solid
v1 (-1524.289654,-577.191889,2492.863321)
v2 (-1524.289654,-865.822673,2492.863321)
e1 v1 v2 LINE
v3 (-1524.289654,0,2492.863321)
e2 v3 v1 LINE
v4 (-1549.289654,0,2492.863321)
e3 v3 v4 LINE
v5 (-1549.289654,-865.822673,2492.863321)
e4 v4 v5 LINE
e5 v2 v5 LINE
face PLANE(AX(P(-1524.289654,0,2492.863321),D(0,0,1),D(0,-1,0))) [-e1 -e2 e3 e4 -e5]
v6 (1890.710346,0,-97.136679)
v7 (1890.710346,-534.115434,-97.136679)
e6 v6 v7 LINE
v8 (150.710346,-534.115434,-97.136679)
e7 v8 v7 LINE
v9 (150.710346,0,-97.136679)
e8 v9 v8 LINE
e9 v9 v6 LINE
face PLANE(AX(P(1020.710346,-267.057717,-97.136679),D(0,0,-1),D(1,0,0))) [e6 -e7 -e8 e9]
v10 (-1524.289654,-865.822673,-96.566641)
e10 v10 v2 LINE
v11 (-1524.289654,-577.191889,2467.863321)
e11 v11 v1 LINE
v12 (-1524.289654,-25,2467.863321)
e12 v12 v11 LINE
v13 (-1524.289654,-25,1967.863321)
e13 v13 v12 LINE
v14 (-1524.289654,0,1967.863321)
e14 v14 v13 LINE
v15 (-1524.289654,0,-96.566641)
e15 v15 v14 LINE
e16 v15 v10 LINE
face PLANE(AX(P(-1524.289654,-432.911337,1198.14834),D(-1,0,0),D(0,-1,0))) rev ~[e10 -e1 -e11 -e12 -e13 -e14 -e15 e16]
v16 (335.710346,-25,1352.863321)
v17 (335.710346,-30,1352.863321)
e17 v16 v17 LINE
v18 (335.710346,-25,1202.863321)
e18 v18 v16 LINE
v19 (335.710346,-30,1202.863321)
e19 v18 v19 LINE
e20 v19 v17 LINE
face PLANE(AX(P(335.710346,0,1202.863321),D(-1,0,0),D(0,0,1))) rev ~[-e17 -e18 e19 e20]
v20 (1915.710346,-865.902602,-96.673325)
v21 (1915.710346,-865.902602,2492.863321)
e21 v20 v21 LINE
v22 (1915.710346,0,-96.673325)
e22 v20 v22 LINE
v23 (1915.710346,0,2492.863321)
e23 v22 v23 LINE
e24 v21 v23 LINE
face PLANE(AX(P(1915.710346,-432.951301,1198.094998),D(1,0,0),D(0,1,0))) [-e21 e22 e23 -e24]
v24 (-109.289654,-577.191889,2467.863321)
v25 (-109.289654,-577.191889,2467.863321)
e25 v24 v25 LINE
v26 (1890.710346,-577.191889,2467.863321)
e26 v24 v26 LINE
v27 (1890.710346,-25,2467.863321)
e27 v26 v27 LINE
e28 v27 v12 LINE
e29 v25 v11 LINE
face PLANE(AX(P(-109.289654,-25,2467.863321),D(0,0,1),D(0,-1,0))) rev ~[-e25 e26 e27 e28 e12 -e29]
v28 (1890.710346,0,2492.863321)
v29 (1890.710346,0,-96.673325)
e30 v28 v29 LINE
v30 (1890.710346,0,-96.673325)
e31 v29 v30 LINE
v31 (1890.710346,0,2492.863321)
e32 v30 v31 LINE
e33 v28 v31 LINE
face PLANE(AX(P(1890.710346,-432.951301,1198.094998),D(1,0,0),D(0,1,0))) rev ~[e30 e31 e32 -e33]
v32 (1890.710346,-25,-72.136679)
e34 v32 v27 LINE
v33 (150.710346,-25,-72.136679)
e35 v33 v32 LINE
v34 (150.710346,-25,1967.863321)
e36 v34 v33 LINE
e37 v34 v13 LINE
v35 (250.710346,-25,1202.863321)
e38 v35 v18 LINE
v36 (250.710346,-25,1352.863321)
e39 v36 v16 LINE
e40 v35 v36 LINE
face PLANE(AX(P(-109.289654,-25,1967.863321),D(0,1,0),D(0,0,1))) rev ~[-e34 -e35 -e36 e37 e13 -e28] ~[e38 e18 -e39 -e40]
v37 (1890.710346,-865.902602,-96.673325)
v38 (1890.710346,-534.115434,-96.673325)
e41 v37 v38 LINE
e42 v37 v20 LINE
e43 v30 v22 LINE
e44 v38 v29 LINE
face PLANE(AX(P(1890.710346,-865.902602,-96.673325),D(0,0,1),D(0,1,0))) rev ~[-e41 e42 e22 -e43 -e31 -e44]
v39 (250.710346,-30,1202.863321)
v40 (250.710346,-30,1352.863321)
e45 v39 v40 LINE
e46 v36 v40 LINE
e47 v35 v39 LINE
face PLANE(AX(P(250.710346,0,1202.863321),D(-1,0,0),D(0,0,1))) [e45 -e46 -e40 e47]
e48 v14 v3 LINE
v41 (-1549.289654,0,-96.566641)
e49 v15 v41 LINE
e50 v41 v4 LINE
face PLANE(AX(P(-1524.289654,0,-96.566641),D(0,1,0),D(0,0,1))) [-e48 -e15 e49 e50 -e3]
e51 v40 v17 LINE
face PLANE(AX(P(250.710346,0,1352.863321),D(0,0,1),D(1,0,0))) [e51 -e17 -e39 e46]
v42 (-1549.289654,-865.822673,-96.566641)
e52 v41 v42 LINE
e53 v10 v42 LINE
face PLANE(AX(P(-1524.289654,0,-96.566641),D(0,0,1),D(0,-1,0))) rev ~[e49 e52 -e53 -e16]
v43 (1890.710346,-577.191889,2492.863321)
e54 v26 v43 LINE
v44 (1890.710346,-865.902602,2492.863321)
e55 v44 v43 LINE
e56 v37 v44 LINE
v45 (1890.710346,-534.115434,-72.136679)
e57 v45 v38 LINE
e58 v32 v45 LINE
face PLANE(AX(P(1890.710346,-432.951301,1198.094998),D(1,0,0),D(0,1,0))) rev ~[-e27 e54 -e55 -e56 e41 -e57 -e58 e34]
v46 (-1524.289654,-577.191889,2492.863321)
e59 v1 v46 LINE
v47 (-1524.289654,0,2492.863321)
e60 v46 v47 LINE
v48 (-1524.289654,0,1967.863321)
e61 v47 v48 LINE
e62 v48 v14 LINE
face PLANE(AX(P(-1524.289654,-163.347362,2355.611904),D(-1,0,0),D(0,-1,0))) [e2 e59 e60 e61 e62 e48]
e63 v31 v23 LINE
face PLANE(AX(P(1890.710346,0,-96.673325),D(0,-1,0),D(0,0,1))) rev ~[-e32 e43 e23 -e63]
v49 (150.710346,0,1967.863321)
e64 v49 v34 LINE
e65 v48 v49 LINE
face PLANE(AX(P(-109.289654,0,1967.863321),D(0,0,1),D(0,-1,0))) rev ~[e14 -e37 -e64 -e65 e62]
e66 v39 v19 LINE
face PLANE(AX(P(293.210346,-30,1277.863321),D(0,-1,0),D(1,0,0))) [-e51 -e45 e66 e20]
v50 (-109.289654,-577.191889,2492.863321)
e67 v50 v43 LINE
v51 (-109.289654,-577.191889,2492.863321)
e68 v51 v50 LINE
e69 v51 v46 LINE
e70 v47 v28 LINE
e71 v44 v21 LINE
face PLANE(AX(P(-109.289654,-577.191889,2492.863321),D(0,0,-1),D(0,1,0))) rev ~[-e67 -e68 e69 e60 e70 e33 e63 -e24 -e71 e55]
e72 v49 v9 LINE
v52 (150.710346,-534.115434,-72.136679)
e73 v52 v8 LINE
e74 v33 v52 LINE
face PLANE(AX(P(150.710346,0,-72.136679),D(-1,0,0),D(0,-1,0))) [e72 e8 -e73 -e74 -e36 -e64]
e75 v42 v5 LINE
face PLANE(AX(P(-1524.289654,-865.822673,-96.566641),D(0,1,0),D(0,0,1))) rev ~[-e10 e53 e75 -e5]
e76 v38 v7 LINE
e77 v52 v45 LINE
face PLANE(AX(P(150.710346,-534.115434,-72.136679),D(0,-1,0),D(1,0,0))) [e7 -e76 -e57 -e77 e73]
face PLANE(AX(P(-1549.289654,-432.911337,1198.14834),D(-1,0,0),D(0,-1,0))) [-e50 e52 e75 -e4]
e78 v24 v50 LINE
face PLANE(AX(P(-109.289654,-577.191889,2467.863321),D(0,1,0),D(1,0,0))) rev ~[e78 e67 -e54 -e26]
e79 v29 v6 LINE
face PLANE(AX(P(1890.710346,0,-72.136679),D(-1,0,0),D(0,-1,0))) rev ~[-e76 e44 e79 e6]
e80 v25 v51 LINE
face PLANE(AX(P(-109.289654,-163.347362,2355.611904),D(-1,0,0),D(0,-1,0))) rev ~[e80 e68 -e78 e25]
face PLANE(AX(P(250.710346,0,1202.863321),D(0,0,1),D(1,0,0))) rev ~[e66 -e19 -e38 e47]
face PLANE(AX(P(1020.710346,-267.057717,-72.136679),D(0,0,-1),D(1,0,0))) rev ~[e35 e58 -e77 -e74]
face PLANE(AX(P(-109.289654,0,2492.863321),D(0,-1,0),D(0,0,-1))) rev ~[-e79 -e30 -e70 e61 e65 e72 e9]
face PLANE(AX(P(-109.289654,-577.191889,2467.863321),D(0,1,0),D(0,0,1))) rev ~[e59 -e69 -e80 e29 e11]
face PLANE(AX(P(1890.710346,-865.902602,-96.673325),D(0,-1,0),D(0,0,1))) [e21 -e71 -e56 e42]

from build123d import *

# Parameters (mm, degrees)
F0_W      = 85
F0_H      = 150
F1_DEPTH  = 25
F2_DEPTH  = 30
F3_W      = 1740
F3_H      = 534.115434
F4_DEPTH  = 25
F5_W      = 2000
F5_H      = 552.191889
F6_DEPTH  = 25
F5_H_2    = 25
F7_DEPTH  = 25
F8_W      = 865.902603
F8_H      = 2589.536646
F9_DEPTH  = 25
F11_DEPTH = 1415
F12_W     = 865.822673
F12_H     = 2589.429961
F13_DEPTH = 25


with BuildPart() as f1:
    # F0 (on Front) → F1 (new body)
    with BuildSketch(Plane.XZ):
        Polygon((1890.710346, 2467.863321), (-109.289654, 2467.863321), (-109.289654, 1967.863321), (150.710346, 1967.863321), (150.710346, -72.136679), (1890.710346, -72.136679), align=None)
        with Locations((293.210346, 1277.863321)):
            Rectangle(F0_W, F0_H, mode=Mode.SUBTRACT)
    extrude(amount=F1_DEPTH)

    # F0 (on Front) → F2 (join)
    with BuildSketch(Plane.XZ):
        with Locations((293.210346, 1277.863321)):
            Rectangle(F0_W, F0_H)
    extrude(amount=F2_DEPTH)

    # F3 (on face) → F4 (join)
    with BuildSketch(Plane(origin=(0, 0, -72.136679), x_dir=(1, 0, 0), z_dir=(0, 0, -1))):
        with Locations((1020.710346, 267.057717)):
            Rectangle(F3_W, F3_H)
    extrude(amount=F4_DEPTH)


with BuildPart() as f6:
    # F5 (on face) → F6 (new body)
    with BuildSketch(Plane.XY.offset(2467.863321)):
        with Locations((890.710346, -301.095944)):
            Rectangle(F5_W, F5_H)
    extrude(amount=F6_DEPTH)


with BuildPart() as f7:
    # F5 (on face) → F7 (new body)
    with BuildSketch(Plane.XY.offset(2467.863321)):
        with Locations((890.710346, -12.5)):
            Rectangle(F5_W, F5_H_2)
    extrude(amount=F7_DEPTH)


with BuildPart() as f9:
    # F8 (on face) → F9 (new body)
    with BuildSketch(Plane.YZ.offset(1890.710346)):
        with Locations((-432.951301, 1198.094998)):
            Rectangle(F8_W, F8_H)
    extrude(amount=F9_DEPTH)


with BuildPart() as f1_1:
    add(f1.part)

    # F10: union F9, F7, F6
    add(f9.part)
    add(f7.part)
    add(f6.part)

    # F10_face (on face) → F11 (join)
    with BuildSketch(Plane(origin=(-109.289654, -160.440531, 2358.518735), x_dir=(0, -1, 0), z_dir=(-1, 0, 0))):
        Polygon((-160.440531, -390.655414), (-135.440531, -390.655414), (-135.440531, 109.344586), (416.751358, 109.344586), (416.751358, 134.344586), (-160.440531, 134.344586), align=None)
    extrude(amount=F11_DEPTH)

    # F12 (on face) → F13 (join)
    with BuildSketch(Plane(origin=(-1524.289654, 0, 0), x_dir=(0, -1, 0), z_dir=(-1, 0, 0))):
        with Locations((432.911337, 1198.14834)):
            Rectangle(F12_W, F12_H)
    extrude(amount=F13_DEPTH)


solid = f1_1.part
